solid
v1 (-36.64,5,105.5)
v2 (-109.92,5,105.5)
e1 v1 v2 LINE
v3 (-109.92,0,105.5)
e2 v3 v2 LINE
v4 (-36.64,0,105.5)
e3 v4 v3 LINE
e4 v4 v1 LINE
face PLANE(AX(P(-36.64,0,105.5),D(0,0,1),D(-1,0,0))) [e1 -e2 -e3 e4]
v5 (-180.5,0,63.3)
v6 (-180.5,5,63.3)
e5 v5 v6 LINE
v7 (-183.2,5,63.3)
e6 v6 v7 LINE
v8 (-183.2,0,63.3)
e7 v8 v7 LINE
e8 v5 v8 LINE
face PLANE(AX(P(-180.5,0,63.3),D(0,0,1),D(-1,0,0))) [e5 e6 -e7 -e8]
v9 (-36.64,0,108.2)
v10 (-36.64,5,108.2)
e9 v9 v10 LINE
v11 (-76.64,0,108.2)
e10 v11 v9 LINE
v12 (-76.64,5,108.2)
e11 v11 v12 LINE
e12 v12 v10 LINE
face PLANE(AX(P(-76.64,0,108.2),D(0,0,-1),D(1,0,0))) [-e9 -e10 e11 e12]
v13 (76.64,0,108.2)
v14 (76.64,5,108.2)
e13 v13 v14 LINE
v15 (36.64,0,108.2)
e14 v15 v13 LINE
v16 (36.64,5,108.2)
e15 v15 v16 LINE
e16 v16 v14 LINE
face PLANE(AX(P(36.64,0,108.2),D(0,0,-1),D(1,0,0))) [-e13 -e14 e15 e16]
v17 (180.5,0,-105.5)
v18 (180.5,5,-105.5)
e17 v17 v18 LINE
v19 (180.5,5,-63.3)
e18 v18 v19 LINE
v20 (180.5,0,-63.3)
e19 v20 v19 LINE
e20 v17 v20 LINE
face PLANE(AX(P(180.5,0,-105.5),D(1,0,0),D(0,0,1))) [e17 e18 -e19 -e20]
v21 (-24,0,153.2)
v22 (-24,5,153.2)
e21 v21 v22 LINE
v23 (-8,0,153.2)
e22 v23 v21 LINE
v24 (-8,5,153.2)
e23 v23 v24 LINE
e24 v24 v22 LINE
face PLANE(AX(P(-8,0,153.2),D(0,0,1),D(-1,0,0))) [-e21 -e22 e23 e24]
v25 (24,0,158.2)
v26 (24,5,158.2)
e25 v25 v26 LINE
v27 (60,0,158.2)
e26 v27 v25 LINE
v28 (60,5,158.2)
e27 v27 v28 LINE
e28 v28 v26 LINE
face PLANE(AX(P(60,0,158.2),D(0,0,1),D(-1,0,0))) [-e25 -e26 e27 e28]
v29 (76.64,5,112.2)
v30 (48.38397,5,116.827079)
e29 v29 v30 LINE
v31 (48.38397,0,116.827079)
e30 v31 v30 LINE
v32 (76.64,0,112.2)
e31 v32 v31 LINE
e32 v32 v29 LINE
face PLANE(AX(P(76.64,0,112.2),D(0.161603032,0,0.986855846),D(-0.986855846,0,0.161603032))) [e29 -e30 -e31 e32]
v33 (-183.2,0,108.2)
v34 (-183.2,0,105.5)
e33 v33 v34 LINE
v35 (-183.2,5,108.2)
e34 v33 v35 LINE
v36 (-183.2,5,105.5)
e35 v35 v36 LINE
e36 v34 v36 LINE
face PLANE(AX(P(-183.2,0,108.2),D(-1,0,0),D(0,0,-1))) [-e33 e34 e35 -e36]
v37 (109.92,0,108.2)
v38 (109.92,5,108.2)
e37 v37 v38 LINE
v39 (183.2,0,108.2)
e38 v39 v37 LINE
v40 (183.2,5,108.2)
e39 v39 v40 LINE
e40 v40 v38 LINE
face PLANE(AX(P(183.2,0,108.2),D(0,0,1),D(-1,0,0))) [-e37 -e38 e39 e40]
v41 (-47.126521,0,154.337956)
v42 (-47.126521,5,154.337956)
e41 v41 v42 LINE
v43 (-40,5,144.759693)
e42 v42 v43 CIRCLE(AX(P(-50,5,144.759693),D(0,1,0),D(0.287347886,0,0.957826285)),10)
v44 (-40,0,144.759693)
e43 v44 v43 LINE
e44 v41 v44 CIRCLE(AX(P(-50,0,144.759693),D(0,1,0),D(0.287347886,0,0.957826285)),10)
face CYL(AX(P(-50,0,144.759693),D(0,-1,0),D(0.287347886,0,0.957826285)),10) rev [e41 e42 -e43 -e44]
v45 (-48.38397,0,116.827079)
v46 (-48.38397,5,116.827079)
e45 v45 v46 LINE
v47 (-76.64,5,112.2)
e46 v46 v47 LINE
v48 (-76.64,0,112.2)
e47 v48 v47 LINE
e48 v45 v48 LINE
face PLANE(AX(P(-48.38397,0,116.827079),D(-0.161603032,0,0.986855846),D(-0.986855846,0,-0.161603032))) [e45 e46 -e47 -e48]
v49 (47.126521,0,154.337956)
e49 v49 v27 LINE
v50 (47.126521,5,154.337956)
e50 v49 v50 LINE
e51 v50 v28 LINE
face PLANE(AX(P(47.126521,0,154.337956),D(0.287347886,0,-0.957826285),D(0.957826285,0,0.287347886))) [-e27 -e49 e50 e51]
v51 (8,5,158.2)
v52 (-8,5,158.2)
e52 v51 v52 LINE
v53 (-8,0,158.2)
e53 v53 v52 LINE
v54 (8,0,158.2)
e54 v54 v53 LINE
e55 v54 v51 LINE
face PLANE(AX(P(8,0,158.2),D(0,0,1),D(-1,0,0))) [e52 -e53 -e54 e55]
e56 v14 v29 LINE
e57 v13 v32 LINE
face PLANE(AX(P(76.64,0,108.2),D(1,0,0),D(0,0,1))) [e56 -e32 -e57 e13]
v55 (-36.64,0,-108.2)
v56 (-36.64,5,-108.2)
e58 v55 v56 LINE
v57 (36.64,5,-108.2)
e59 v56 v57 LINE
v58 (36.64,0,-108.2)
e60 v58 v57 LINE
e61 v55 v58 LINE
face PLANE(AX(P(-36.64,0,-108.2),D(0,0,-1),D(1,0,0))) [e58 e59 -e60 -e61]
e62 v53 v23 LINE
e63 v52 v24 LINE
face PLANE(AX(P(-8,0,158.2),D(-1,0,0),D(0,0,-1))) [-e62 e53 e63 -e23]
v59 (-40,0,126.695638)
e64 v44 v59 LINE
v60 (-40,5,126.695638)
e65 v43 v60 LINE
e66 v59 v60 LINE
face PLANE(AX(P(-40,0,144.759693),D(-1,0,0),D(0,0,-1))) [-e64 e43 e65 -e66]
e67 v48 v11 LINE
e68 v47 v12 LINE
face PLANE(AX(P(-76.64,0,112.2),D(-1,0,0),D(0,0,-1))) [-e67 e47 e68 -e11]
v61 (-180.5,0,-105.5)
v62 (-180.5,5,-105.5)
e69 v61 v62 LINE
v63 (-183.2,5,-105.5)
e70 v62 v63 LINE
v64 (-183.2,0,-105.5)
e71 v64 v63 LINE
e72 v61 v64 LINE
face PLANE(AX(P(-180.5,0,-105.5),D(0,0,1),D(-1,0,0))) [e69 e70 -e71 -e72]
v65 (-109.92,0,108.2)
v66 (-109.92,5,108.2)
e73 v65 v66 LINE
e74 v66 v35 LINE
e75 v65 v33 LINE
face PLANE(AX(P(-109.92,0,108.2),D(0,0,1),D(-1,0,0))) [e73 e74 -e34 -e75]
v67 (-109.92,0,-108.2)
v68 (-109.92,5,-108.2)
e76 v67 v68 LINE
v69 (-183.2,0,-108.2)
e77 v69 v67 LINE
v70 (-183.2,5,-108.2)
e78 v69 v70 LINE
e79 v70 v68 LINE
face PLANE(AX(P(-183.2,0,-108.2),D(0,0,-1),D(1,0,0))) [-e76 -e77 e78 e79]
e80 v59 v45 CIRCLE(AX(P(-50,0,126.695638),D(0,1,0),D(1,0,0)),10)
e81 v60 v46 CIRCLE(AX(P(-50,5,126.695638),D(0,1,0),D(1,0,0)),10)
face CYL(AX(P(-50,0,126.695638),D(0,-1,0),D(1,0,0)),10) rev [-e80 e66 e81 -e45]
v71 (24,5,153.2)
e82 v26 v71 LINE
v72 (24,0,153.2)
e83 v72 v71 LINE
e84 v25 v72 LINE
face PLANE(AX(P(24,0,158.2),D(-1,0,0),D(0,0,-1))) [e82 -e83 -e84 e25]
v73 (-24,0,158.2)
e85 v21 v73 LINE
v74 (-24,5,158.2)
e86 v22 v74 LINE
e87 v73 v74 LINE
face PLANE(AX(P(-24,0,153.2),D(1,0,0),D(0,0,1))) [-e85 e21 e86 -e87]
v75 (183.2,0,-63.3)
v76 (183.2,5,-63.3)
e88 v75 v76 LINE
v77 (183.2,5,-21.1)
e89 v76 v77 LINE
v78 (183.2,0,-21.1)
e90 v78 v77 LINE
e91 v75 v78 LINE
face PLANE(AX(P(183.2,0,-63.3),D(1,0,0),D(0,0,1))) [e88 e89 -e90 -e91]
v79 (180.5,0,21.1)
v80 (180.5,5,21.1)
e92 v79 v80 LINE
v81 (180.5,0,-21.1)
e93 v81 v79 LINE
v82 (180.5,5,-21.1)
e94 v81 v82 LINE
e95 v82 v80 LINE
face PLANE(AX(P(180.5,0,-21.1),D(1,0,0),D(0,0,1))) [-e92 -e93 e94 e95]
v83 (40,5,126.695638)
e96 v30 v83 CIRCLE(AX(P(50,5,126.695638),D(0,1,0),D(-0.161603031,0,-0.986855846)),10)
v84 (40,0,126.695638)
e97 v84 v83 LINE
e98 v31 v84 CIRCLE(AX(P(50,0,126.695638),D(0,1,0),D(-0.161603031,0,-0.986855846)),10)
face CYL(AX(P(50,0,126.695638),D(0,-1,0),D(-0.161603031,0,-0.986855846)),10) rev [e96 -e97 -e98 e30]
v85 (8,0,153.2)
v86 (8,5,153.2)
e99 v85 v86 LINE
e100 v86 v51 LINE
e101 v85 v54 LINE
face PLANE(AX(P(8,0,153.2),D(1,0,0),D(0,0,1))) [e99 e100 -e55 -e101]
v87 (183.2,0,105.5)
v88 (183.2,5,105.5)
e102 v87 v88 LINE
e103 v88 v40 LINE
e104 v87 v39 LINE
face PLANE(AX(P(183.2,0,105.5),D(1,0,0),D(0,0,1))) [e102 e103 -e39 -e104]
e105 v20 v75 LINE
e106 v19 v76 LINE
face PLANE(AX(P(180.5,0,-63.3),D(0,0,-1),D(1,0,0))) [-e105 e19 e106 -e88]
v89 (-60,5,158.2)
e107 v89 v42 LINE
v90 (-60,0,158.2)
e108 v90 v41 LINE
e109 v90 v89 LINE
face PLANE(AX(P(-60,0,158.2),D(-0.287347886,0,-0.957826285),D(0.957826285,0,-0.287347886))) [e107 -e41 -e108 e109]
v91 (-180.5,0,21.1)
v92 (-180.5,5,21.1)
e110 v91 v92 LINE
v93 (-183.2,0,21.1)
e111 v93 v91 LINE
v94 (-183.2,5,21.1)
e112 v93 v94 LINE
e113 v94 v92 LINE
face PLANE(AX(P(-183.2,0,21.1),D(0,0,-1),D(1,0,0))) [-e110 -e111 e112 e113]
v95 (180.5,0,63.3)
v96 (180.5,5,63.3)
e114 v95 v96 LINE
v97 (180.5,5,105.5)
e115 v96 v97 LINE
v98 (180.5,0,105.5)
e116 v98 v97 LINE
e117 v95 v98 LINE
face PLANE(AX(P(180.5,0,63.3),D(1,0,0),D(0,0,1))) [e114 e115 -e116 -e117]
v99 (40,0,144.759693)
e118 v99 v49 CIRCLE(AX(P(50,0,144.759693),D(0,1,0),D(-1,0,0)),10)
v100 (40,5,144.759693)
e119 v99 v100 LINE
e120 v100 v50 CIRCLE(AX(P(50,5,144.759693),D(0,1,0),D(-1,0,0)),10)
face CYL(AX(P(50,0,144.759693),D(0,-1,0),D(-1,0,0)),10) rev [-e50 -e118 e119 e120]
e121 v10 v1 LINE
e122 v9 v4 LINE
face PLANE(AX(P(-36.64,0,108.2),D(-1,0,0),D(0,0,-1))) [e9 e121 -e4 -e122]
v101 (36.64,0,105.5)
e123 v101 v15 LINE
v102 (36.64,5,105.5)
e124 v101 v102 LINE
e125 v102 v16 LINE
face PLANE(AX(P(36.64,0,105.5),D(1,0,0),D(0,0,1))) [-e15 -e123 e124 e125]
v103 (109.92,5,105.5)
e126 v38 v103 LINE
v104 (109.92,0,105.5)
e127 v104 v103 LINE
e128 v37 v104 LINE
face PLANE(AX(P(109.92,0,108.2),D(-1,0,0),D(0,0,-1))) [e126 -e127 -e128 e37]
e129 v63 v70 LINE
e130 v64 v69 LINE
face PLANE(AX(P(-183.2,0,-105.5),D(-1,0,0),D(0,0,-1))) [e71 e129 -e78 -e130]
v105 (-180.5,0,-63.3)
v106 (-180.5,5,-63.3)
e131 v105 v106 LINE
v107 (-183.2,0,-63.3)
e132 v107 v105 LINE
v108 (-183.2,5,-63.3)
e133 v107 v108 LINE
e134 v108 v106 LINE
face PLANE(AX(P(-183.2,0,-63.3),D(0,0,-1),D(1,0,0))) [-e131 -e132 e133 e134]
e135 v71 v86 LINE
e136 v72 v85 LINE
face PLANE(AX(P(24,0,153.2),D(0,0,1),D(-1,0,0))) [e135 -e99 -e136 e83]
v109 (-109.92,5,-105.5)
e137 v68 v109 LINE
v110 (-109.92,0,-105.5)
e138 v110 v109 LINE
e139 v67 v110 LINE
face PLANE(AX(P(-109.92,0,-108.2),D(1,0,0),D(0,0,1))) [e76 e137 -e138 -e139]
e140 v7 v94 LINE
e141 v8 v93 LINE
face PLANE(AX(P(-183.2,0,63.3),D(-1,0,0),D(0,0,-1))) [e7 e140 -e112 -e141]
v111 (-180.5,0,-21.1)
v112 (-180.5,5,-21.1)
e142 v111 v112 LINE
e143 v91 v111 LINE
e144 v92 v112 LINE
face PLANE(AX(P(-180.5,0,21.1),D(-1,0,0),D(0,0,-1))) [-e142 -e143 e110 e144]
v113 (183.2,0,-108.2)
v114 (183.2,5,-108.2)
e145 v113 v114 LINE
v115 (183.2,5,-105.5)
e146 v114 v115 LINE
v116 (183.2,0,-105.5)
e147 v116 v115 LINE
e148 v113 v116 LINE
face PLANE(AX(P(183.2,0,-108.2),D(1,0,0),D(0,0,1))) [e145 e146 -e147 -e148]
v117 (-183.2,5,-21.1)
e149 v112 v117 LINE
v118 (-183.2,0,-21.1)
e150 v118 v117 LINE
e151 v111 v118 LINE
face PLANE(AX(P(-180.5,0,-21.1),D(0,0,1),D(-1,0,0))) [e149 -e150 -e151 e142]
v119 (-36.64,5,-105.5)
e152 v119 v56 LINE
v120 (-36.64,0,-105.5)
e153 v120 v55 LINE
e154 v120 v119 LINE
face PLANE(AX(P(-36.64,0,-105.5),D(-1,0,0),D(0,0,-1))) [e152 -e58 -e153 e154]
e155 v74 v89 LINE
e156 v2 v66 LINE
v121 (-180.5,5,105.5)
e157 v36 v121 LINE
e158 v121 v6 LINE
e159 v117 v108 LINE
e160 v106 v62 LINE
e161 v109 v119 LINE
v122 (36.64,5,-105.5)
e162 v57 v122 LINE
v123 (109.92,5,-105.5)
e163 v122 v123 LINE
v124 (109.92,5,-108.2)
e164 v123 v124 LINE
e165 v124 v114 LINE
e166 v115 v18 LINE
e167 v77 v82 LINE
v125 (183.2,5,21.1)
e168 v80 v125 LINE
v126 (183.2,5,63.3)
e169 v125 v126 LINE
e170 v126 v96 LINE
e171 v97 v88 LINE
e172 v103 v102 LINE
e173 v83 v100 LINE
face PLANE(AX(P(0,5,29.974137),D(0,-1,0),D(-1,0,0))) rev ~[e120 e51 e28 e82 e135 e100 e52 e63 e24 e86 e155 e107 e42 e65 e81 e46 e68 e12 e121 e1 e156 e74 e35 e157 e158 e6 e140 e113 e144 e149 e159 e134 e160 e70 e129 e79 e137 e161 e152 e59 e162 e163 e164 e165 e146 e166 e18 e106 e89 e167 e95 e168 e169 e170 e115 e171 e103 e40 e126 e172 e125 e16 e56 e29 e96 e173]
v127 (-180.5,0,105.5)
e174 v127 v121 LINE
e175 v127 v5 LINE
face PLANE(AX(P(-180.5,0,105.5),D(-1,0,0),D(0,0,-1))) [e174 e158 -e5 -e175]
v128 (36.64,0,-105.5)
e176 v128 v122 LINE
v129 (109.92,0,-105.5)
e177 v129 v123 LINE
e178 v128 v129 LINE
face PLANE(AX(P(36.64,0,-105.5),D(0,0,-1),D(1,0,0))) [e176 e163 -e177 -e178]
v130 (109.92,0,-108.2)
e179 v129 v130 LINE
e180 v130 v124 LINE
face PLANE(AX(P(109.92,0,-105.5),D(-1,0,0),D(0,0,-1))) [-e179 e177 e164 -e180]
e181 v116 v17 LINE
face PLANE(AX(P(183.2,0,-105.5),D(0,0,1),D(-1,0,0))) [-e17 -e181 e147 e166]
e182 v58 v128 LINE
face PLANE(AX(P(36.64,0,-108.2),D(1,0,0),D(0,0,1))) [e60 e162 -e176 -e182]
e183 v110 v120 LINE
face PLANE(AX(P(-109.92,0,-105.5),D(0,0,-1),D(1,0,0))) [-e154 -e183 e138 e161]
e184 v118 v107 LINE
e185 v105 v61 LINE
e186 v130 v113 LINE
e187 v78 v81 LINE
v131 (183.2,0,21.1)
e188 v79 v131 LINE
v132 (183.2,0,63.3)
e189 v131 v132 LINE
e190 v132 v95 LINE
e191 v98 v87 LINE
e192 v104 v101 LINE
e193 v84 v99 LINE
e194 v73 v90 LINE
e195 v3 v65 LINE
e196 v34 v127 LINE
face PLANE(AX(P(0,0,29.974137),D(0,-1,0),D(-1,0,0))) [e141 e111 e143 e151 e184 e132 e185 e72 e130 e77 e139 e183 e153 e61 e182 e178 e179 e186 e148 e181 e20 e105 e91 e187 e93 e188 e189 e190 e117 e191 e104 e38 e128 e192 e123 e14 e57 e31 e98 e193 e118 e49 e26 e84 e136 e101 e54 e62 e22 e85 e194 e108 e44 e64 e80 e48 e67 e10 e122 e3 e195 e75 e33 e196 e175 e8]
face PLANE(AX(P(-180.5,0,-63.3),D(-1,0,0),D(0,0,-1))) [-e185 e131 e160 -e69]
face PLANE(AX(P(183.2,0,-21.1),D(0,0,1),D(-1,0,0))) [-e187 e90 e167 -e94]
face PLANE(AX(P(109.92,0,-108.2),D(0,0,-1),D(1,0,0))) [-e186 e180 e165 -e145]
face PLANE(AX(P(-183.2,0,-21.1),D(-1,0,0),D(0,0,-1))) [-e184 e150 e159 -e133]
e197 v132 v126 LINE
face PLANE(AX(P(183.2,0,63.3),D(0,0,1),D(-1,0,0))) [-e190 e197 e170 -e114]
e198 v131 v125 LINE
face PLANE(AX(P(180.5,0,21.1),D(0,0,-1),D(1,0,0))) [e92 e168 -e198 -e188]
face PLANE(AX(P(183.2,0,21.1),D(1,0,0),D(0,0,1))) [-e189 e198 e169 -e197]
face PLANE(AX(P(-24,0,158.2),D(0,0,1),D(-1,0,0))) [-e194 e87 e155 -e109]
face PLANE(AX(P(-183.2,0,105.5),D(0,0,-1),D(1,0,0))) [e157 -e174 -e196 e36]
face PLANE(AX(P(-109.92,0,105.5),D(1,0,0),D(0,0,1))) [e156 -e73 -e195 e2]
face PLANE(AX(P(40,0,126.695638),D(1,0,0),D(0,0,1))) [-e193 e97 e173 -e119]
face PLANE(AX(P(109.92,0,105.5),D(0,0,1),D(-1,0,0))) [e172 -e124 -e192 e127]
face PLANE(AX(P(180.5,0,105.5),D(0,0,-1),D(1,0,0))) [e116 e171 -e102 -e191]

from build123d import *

# Parameters (mm, degrees)
BOSS_EXTRUDE1_DEPTH = 5


with BuildPart() as part:
    # Sketch1 → Boss-Extrude1 (new body)
    with BuildSketch(Plane(origin=(0, 0, 0), x_dir=(1, 0, 0), z_dir=(0, 1, 0))):
        with BuildLine():
            Line((-183.2, 108.2), (-109.92, 108.2))
            Line((-109.92, 108.2), (-109.92, 105.5))
            Line((-109.92, 105.5), (-36.64, 105.5))
            Line((-36.64, 105.5), (-36.64, 108.2))
            Line((-36.64, 108.2), (36.64, 108.2))
            Line((36.64, 108.2), (36.64, 105.5))
            Line((36.64, 105.5), (109.92, 105.5))
            Line((109.92, 105.5), (109.92, 108.2))
            Line((109.92, 108.2), (183.2, 108.2))
            Line((183.2, 108.2), (183.2, 105.5))
            Line((183.2, 105.5), (180.5, 105.5))
            Line((180.5, 105.5), (180.5, 63.3))
            Line((180.5, 63.3), (183.2, 63.3))
            Line((183.2, 63.3), (183.2, 21.1))
            Line((183.2, 21.1), (180.5, 21.1))
            Line((180.5, 21.1), (180.5, -21.1))
            Line((180.5, -21.1), (183.2, -21.1))
            Line((183.2, -21.1), (183.2, -63.3))
            Line((183.2, -63.3), (180.5, -63.3))
            Line((180.5, -63.3), (180.5, -105.5))
            Line((180.5, -105.5), (183.2, -105.5))
            Line((183.2, -105.5), (183.2, -108.2))
            Line((183.2, -108.2), (109.92, -108.2))
            Line((109.92, -108.2), (109.92, -105.5))
            Line((109.92, -105.5), (36.64, -105.5))
            Line((36.64, -105.5), (36.64, -108.2))
            Line((36.64, -108.2), (76.64, -108.2))
            Line((76.64, -108.2), (76.64, -112.2))
            Line((76.64, -112.2), (48.383969685, -116.8270792))
            ThreePointArc((48.383969685, -116.8270792), (42.378966502, -120.22108374), (40, -126.695637657))
            Line((40, -126.695637657), (40, -144.759693491))
            ThreePointArc((40, -144.759693491), (41.977070717, -150.728998787), (47.126521144, -154.337956343))
            Line((47.126521144, -154.337956343), (60, -158.2))
            Line((60, -158.2), (40, -158.2))
            Line((40, -158.2), (24, -158.2))
            Line((24, -158.2), (24, -153.2))
            Line((24, -153.2), (8, -153.2))
            Line((8, -153.2), (8, -158.2))
            Line((8, -158.2), (-8, -158.2))
            Line((-8, -158.2), (-8, -153.2))
            Line((-8, -153.2), (-24, -153.2))
            Line((-24, -153.2), (-24, -158.2))
            Line((-24, -158.2), (-40, -158.2))
            Line((-40, -158.2), (-60, -158.2))
            Line((-60, -158.2), (-47.126521144, -154.337956343))
            ThreePointArc((-47.126521144, -154.337956343), (-41.977070717, -150.728998787), (-40, -144.759693491))
            Line((-40, -144.759693491), (-40, -126.695637657))
            ThreePointArc((-40, -126.695637657), (-42.378966502, -120.22108374), (-48.383969685, -116.8270792))
            Line((-48.383969685, -116.8270792), (-76.64, -112.2))
            Line((-76.64, -112.2), (-76.64, -108.2))
            Line((-76.64, -108.2), (-36.64, -108.2))
            Line((-36.64, -108.2), (-36.64, -105.5))
            Line((-36.64, -105.5), (-109.92, -105.5))
            Line((-109.92, -105.5), (-109.92, -108.2))
            Line((-109.92, -108.2), (-183.2, -108.2))
            Line((-183.2, -108.2), (-183.2, -105.5))
            Line((-183.2, -105.5), (-180.5, -105.5))
            Line((-180.5, -105.5), (-180.5, -63.3))
            Line((-180.5, -63.3), (-183.2, -63.3))
            Line((-183.2, -63.3), (-183.2, -21.1))
            Line((-183.2, -21.1), (-180.5, -21.1))
            Line((-180.5, -21.1), (-180.5, 21.1))
            Line((-180.5, 21.1), (-183.2, 21.1))
            Line((-183.2, 21.1), (-183.2, 63.3))
            Line((-183.2, 63.3), (-180.5, 63.3))
            Line((-180.5, 63.3), (-180.5, 105.5))
            Line((-180.5, 105.5), (-183.2, 105.5))
            Line((-183.2, 105.5), (-183.2, 108.2))
        make_face()
    extrude(amount=BOSS_EXTRUDE1_DEPTH)


solid = part.part
